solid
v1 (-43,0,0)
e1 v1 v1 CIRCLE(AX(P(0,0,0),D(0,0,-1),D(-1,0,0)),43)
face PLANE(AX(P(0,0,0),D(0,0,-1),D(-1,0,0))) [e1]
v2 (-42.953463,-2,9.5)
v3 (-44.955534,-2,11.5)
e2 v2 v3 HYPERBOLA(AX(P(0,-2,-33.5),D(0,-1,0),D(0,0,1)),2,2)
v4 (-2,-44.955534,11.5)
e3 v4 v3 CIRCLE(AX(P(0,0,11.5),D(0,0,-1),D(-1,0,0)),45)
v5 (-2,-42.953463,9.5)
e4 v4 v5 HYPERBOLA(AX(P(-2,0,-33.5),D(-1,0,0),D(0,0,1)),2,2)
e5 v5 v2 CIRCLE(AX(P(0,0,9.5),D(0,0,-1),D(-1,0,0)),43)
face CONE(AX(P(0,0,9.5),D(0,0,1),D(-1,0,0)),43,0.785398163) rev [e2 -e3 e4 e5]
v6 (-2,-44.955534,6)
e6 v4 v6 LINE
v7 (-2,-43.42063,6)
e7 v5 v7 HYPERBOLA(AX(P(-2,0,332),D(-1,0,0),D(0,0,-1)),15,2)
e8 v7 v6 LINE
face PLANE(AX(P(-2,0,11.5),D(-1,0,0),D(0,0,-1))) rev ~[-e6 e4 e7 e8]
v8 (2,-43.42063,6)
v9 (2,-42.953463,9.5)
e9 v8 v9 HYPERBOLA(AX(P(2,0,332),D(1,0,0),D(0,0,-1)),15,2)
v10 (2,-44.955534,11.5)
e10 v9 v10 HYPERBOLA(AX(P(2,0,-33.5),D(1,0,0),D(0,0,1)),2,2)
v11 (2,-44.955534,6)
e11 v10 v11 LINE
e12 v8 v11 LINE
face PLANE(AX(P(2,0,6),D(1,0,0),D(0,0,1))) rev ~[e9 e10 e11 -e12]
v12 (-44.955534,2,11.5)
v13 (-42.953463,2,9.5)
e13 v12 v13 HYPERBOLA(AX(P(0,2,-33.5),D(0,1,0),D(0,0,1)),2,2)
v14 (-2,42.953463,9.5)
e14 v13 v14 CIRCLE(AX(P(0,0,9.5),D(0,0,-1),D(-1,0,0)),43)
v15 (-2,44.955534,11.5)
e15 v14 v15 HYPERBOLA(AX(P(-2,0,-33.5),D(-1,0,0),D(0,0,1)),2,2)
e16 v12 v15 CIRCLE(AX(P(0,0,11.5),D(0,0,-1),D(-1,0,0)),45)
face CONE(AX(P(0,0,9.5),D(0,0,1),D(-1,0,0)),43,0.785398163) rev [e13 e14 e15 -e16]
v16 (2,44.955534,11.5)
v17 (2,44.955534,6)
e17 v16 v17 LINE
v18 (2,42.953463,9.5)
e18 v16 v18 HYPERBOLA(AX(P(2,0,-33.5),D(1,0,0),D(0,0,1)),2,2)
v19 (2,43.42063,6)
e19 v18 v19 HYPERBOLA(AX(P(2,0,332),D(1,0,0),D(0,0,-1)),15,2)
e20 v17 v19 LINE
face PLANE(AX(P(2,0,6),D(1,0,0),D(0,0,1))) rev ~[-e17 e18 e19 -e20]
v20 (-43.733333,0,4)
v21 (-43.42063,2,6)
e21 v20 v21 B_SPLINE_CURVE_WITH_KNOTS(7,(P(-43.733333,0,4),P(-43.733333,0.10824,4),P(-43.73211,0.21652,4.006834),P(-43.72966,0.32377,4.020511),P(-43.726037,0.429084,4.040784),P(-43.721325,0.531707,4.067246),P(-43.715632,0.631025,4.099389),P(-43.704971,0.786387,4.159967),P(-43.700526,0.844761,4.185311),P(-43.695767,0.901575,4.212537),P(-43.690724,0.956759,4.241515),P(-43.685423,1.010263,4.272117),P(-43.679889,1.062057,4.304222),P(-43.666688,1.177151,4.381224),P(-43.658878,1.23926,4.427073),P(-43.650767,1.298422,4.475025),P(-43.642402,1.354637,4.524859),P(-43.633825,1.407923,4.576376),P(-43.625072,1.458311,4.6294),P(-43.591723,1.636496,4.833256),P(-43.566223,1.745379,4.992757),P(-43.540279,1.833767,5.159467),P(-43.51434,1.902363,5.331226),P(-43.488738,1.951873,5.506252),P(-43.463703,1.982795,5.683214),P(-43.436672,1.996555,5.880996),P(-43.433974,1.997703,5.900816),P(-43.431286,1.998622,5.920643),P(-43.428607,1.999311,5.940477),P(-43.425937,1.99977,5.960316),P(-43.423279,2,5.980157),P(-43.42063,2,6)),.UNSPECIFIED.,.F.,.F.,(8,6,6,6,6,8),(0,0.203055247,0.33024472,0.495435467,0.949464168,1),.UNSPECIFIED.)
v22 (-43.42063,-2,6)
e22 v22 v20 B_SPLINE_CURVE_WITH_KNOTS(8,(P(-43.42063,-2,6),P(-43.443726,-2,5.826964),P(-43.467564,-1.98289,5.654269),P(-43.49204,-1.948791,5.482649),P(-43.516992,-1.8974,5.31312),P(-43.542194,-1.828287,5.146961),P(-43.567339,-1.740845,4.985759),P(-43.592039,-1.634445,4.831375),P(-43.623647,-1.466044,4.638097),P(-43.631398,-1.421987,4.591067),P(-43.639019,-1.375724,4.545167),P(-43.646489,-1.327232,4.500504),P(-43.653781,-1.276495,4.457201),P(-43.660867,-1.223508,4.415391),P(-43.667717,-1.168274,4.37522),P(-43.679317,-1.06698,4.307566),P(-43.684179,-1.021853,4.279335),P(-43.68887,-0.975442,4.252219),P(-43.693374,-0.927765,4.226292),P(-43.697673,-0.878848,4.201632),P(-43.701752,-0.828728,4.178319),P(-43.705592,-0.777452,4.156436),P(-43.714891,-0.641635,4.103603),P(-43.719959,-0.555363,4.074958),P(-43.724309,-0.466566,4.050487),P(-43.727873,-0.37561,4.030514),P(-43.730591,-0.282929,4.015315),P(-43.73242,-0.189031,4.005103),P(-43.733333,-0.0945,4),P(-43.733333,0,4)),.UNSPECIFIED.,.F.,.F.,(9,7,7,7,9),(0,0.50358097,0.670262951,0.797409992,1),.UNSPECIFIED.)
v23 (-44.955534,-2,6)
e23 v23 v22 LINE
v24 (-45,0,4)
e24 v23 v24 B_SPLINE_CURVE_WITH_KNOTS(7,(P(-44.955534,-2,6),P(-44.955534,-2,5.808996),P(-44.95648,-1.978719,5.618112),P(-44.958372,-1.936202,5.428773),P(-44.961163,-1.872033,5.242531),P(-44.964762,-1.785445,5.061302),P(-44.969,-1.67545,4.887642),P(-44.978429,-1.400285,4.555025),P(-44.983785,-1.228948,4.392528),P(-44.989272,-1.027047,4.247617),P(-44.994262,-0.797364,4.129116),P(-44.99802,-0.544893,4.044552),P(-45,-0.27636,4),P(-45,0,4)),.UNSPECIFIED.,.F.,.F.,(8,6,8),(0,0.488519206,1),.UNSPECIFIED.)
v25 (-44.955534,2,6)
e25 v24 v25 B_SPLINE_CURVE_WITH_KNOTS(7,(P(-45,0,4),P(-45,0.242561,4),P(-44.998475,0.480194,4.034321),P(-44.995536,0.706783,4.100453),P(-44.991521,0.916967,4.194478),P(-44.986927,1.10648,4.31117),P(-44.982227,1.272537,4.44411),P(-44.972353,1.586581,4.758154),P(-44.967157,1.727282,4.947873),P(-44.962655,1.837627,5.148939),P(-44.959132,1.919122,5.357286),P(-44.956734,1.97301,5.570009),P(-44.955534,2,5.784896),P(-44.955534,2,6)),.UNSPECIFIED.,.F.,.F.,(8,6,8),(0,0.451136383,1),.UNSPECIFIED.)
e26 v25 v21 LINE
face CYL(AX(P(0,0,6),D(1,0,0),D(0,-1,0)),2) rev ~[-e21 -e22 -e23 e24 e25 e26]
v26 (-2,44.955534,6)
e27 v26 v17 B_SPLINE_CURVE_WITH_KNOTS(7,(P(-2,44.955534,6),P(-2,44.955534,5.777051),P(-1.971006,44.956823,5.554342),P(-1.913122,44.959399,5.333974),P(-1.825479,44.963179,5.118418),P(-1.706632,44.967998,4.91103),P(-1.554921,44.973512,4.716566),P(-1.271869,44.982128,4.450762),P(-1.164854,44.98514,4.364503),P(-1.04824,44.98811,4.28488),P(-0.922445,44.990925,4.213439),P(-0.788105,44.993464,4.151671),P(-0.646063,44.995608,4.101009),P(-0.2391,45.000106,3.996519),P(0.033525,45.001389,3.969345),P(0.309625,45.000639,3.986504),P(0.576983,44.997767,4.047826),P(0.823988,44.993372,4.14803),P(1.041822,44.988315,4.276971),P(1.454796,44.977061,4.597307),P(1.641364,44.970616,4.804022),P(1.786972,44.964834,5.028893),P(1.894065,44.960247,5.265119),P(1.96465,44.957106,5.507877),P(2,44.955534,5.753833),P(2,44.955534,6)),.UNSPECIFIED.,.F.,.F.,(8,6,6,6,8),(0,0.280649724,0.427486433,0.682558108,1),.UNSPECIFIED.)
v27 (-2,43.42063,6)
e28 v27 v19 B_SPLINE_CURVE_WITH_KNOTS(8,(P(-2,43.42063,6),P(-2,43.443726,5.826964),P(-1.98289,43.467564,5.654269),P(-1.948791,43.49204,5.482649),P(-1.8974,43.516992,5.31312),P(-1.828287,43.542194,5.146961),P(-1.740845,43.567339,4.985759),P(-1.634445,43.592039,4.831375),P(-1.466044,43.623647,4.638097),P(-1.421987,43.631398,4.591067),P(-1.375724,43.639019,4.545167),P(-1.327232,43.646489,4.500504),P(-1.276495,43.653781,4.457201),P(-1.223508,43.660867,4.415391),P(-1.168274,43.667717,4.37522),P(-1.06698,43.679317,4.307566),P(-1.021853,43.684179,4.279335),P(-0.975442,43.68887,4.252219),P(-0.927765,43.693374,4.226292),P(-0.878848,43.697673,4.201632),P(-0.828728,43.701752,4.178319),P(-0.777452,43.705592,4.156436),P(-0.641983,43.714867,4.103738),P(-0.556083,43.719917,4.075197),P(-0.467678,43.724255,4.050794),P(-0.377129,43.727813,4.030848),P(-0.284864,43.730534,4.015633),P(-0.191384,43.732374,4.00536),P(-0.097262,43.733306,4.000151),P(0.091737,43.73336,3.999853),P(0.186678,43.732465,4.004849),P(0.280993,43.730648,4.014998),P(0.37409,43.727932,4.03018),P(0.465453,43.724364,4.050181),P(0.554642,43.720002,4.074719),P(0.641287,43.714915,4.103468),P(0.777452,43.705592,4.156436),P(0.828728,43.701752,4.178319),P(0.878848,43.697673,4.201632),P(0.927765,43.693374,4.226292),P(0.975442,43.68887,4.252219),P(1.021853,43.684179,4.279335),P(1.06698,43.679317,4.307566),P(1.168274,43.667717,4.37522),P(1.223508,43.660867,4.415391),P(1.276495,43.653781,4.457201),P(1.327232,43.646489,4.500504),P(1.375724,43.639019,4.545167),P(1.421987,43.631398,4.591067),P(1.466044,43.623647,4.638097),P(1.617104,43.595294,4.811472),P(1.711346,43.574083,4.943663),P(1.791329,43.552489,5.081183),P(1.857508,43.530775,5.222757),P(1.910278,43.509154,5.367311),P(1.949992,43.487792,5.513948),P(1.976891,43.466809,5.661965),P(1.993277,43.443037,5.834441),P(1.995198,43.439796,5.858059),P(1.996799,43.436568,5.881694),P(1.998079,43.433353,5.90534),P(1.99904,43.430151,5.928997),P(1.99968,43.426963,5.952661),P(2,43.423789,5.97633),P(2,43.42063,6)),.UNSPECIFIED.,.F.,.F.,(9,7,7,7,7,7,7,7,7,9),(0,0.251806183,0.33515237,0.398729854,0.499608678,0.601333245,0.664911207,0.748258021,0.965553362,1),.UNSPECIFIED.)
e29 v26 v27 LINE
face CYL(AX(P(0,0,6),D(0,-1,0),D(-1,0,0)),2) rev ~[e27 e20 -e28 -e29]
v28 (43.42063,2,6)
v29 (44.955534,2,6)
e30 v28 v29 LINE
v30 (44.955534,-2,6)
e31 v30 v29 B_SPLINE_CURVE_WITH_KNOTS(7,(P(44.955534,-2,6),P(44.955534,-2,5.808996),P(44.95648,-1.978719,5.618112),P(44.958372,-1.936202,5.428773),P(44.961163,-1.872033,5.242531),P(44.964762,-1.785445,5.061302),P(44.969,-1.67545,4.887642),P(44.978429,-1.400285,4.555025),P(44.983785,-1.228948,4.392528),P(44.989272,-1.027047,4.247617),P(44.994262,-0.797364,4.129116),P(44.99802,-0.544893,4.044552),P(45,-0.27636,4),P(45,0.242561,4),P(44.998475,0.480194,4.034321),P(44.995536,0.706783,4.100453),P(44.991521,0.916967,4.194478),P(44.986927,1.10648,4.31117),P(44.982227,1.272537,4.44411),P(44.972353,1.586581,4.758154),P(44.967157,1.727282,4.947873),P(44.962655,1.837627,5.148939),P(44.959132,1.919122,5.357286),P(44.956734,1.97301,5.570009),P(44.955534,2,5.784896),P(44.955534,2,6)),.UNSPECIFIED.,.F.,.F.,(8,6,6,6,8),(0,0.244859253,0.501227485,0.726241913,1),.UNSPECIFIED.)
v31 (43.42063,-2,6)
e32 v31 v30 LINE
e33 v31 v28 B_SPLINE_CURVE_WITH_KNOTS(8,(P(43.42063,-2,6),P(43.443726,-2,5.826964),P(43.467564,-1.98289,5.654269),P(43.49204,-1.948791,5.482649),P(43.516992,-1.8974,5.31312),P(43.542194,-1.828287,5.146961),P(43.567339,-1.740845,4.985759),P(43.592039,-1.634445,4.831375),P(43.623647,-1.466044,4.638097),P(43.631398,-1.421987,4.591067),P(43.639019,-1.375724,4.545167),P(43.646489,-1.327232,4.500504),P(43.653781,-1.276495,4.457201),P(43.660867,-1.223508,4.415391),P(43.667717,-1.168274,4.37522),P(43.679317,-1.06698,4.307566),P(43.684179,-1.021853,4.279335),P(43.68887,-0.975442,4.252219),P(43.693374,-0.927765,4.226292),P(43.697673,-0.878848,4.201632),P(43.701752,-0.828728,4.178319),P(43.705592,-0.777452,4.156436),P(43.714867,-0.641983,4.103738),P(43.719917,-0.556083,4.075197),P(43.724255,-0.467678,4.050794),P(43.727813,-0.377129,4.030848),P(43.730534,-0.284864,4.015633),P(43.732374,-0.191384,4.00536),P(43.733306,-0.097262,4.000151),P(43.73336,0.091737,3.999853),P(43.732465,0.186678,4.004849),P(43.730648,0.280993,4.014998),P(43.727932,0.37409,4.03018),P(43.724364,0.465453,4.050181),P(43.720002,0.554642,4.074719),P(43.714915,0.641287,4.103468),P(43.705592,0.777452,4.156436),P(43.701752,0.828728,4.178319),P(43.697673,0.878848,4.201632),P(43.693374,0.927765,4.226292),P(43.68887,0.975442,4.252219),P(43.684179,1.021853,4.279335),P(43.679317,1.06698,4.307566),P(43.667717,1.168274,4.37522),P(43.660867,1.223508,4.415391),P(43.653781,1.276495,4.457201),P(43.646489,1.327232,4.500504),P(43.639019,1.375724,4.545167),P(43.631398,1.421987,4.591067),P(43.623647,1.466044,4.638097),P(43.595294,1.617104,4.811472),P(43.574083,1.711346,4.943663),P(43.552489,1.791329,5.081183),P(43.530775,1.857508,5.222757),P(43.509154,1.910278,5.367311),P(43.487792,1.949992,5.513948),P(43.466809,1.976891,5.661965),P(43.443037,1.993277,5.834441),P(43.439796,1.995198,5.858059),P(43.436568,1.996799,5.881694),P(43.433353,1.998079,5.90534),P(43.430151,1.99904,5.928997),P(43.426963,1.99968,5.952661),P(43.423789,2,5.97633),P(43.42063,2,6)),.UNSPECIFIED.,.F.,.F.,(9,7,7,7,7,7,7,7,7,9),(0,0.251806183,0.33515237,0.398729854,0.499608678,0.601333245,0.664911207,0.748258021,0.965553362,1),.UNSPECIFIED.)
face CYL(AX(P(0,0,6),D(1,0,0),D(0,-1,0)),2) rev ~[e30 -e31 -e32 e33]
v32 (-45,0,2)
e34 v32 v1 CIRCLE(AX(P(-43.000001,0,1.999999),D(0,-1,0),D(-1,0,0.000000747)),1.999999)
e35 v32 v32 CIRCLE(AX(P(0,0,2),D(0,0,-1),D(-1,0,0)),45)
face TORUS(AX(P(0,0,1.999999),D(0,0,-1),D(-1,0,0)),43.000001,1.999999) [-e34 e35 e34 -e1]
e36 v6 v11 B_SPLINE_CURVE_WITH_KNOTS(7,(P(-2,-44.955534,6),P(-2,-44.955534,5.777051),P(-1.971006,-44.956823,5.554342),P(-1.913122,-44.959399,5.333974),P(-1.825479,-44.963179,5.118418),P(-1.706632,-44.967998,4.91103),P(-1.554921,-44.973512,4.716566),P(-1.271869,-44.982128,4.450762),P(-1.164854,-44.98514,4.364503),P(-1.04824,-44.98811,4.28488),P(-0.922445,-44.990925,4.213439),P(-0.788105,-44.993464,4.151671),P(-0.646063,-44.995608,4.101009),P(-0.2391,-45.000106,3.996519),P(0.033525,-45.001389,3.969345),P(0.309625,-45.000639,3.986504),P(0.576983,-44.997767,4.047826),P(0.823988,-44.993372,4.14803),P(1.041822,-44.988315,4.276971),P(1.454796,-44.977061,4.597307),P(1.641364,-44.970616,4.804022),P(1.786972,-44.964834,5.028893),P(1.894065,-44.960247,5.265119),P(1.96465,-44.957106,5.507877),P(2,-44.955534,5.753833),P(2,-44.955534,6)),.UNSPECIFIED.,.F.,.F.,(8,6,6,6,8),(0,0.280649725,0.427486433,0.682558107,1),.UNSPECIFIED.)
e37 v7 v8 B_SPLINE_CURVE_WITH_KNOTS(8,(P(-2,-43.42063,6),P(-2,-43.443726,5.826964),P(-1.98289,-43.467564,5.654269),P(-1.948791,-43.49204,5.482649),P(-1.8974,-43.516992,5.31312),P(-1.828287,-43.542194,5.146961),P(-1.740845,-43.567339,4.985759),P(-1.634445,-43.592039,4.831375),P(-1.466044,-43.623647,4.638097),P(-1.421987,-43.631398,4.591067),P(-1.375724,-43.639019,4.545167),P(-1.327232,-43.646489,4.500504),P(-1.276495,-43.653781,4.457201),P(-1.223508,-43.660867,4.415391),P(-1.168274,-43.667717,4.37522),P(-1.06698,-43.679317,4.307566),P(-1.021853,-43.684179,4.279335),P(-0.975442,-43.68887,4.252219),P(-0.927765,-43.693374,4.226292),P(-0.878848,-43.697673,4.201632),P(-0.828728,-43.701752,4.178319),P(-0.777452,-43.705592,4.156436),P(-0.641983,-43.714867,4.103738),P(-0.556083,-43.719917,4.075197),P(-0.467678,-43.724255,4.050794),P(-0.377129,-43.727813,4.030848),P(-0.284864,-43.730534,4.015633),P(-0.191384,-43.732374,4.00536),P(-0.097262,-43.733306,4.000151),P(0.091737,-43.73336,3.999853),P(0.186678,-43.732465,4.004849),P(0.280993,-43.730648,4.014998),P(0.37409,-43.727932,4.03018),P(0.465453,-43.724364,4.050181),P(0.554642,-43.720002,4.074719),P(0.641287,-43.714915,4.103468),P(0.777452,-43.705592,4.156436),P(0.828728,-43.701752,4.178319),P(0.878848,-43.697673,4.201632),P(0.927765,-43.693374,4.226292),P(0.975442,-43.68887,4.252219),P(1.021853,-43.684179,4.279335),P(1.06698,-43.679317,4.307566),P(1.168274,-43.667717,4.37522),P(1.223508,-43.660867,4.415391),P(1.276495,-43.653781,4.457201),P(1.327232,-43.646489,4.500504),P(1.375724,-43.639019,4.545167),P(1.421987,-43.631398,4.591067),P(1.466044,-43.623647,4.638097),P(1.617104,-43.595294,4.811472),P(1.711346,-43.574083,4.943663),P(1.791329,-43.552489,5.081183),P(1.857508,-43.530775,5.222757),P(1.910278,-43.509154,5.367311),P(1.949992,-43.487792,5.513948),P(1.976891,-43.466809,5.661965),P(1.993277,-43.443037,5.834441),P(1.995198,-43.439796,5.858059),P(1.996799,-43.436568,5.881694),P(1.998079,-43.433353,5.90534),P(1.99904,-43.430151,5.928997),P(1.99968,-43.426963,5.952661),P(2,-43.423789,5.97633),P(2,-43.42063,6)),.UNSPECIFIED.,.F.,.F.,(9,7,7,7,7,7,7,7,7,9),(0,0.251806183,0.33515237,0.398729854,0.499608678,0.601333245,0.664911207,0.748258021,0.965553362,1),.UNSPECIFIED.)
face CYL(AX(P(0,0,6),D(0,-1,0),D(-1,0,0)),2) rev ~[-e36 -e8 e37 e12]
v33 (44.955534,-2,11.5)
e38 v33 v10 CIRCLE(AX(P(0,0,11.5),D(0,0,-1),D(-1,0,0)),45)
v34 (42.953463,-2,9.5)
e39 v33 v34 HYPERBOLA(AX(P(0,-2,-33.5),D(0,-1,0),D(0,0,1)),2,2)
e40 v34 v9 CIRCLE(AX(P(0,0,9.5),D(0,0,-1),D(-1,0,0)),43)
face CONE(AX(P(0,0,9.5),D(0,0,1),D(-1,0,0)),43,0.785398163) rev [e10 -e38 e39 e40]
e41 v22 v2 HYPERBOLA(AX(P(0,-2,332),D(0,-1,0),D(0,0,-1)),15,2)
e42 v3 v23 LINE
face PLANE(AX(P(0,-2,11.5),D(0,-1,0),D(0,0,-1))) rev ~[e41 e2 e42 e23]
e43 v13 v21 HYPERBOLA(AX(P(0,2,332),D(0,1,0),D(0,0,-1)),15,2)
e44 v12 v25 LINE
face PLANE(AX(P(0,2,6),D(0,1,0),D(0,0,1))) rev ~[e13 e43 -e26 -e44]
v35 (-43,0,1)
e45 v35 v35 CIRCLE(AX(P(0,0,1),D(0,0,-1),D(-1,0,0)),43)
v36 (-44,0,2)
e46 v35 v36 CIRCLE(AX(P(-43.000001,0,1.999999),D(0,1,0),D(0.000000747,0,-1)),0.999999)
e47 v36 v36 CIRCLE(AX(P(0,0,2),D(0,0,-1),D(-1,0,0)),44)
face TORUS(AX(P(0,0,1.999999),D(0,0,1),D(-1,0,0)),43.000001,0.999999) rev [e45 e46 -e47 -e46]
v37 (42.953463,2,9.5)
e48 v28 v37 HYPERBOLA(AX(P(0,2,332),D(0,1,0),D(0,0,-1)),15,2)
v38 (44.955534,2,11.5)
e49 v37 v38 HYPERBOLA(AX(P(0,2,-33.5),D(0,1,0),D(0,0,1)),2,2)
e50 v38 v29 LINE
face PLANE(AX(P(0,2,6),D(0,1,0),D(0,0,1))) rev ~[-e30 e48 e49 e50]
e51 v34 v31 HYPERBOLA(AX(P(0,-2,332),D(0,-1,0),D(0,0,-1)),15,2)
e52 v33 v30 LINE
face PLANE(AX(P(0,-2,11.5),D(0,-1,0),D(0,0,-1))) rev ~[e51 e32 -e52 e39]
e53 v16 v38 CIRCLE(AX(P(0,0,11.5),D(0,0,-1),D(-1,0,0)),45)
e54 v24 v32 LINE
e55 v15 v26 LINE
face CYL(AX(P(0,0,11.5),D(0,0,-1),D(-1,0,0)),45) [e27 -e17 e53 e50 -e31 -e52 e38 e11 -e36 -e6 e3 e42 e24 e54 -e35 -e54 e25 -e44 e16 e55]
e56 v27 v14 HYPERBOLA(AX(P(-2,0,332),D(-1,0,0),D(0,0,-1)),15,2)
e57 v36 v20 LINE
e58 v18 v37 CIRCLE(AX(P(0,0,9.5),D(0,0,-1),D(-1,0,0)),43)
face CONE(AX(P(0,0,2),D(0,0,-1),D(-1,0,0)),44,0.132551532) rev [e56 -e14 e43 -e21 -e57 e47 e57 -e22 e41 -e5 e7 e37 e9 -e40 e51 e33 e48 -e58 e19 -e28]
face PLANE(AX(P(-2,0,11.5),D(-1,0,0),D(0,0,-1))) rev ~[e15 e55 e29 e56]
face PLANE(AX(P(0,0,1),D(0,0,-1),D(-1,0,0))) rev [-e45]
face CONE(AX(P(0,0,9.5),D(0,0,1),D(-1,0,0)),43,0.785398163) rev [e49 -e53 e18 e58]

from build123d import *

# Parameters (mm, degrees)
F3_DEPTH = 50
F5_DEPTH = 50


with BuildPart() as f1:
    # F0 (on Front) → F1 (revolve)
    with BuildSketch(Plane.XZ):
        with BuildLine():
            Line((-43, 9.5), (-45, 11.5))
            Line((-45, 11.5), (-45, 2))
            ThreePointArc((-45, 2), (-44.414214, 0.585786), (-43, 0))
            Line((-43, 0), (0, 0))
            Line((0, 0), (0, 1))
            Line((0, 1), (-43, 1))
            ThreePointArc((-43, 1), (-43.707107, 1.292893), (-44, 2))
            Line((-44, 2), (-43, 9.5))
        make_face()
    revolve(axis=Axis((0, 0, 0.5), (0, 0, -1)))

    # F2 (on Front) → F3 (cut, symmetric)
    with BuildSketch(Plane.XZ):
        with BuildLine():
            Line((-2, 11.5), (-2, 6))
            ThreePointArc((-2, 6), (0, 4), (2, 6))
            Line((2, 6), (2, 11.5))
            Line((2, 11.5), (-2, 11.5))
        make_face()
    extrude(amount=F3_DEPTH, both=True, mode=Mode.SUBTRACT)

    # F4 (on Right) → F5 (cut, symmetric)
    with BuildSketch(Plane.YZ):
        with BuildLine():
            Line((-2, 11.5), (-2, 6))
            ThreePointArc((-2, 6), (0, 4), (2, 6))
            Line((2, 6), (2, 11.5))
            Line((2, 11.5), (-2, 11.5))
        make_face()
    extrude(amount=F5_DEPTH, both=True, mode=Mode.SUBTRACT)


solid = f1.part
